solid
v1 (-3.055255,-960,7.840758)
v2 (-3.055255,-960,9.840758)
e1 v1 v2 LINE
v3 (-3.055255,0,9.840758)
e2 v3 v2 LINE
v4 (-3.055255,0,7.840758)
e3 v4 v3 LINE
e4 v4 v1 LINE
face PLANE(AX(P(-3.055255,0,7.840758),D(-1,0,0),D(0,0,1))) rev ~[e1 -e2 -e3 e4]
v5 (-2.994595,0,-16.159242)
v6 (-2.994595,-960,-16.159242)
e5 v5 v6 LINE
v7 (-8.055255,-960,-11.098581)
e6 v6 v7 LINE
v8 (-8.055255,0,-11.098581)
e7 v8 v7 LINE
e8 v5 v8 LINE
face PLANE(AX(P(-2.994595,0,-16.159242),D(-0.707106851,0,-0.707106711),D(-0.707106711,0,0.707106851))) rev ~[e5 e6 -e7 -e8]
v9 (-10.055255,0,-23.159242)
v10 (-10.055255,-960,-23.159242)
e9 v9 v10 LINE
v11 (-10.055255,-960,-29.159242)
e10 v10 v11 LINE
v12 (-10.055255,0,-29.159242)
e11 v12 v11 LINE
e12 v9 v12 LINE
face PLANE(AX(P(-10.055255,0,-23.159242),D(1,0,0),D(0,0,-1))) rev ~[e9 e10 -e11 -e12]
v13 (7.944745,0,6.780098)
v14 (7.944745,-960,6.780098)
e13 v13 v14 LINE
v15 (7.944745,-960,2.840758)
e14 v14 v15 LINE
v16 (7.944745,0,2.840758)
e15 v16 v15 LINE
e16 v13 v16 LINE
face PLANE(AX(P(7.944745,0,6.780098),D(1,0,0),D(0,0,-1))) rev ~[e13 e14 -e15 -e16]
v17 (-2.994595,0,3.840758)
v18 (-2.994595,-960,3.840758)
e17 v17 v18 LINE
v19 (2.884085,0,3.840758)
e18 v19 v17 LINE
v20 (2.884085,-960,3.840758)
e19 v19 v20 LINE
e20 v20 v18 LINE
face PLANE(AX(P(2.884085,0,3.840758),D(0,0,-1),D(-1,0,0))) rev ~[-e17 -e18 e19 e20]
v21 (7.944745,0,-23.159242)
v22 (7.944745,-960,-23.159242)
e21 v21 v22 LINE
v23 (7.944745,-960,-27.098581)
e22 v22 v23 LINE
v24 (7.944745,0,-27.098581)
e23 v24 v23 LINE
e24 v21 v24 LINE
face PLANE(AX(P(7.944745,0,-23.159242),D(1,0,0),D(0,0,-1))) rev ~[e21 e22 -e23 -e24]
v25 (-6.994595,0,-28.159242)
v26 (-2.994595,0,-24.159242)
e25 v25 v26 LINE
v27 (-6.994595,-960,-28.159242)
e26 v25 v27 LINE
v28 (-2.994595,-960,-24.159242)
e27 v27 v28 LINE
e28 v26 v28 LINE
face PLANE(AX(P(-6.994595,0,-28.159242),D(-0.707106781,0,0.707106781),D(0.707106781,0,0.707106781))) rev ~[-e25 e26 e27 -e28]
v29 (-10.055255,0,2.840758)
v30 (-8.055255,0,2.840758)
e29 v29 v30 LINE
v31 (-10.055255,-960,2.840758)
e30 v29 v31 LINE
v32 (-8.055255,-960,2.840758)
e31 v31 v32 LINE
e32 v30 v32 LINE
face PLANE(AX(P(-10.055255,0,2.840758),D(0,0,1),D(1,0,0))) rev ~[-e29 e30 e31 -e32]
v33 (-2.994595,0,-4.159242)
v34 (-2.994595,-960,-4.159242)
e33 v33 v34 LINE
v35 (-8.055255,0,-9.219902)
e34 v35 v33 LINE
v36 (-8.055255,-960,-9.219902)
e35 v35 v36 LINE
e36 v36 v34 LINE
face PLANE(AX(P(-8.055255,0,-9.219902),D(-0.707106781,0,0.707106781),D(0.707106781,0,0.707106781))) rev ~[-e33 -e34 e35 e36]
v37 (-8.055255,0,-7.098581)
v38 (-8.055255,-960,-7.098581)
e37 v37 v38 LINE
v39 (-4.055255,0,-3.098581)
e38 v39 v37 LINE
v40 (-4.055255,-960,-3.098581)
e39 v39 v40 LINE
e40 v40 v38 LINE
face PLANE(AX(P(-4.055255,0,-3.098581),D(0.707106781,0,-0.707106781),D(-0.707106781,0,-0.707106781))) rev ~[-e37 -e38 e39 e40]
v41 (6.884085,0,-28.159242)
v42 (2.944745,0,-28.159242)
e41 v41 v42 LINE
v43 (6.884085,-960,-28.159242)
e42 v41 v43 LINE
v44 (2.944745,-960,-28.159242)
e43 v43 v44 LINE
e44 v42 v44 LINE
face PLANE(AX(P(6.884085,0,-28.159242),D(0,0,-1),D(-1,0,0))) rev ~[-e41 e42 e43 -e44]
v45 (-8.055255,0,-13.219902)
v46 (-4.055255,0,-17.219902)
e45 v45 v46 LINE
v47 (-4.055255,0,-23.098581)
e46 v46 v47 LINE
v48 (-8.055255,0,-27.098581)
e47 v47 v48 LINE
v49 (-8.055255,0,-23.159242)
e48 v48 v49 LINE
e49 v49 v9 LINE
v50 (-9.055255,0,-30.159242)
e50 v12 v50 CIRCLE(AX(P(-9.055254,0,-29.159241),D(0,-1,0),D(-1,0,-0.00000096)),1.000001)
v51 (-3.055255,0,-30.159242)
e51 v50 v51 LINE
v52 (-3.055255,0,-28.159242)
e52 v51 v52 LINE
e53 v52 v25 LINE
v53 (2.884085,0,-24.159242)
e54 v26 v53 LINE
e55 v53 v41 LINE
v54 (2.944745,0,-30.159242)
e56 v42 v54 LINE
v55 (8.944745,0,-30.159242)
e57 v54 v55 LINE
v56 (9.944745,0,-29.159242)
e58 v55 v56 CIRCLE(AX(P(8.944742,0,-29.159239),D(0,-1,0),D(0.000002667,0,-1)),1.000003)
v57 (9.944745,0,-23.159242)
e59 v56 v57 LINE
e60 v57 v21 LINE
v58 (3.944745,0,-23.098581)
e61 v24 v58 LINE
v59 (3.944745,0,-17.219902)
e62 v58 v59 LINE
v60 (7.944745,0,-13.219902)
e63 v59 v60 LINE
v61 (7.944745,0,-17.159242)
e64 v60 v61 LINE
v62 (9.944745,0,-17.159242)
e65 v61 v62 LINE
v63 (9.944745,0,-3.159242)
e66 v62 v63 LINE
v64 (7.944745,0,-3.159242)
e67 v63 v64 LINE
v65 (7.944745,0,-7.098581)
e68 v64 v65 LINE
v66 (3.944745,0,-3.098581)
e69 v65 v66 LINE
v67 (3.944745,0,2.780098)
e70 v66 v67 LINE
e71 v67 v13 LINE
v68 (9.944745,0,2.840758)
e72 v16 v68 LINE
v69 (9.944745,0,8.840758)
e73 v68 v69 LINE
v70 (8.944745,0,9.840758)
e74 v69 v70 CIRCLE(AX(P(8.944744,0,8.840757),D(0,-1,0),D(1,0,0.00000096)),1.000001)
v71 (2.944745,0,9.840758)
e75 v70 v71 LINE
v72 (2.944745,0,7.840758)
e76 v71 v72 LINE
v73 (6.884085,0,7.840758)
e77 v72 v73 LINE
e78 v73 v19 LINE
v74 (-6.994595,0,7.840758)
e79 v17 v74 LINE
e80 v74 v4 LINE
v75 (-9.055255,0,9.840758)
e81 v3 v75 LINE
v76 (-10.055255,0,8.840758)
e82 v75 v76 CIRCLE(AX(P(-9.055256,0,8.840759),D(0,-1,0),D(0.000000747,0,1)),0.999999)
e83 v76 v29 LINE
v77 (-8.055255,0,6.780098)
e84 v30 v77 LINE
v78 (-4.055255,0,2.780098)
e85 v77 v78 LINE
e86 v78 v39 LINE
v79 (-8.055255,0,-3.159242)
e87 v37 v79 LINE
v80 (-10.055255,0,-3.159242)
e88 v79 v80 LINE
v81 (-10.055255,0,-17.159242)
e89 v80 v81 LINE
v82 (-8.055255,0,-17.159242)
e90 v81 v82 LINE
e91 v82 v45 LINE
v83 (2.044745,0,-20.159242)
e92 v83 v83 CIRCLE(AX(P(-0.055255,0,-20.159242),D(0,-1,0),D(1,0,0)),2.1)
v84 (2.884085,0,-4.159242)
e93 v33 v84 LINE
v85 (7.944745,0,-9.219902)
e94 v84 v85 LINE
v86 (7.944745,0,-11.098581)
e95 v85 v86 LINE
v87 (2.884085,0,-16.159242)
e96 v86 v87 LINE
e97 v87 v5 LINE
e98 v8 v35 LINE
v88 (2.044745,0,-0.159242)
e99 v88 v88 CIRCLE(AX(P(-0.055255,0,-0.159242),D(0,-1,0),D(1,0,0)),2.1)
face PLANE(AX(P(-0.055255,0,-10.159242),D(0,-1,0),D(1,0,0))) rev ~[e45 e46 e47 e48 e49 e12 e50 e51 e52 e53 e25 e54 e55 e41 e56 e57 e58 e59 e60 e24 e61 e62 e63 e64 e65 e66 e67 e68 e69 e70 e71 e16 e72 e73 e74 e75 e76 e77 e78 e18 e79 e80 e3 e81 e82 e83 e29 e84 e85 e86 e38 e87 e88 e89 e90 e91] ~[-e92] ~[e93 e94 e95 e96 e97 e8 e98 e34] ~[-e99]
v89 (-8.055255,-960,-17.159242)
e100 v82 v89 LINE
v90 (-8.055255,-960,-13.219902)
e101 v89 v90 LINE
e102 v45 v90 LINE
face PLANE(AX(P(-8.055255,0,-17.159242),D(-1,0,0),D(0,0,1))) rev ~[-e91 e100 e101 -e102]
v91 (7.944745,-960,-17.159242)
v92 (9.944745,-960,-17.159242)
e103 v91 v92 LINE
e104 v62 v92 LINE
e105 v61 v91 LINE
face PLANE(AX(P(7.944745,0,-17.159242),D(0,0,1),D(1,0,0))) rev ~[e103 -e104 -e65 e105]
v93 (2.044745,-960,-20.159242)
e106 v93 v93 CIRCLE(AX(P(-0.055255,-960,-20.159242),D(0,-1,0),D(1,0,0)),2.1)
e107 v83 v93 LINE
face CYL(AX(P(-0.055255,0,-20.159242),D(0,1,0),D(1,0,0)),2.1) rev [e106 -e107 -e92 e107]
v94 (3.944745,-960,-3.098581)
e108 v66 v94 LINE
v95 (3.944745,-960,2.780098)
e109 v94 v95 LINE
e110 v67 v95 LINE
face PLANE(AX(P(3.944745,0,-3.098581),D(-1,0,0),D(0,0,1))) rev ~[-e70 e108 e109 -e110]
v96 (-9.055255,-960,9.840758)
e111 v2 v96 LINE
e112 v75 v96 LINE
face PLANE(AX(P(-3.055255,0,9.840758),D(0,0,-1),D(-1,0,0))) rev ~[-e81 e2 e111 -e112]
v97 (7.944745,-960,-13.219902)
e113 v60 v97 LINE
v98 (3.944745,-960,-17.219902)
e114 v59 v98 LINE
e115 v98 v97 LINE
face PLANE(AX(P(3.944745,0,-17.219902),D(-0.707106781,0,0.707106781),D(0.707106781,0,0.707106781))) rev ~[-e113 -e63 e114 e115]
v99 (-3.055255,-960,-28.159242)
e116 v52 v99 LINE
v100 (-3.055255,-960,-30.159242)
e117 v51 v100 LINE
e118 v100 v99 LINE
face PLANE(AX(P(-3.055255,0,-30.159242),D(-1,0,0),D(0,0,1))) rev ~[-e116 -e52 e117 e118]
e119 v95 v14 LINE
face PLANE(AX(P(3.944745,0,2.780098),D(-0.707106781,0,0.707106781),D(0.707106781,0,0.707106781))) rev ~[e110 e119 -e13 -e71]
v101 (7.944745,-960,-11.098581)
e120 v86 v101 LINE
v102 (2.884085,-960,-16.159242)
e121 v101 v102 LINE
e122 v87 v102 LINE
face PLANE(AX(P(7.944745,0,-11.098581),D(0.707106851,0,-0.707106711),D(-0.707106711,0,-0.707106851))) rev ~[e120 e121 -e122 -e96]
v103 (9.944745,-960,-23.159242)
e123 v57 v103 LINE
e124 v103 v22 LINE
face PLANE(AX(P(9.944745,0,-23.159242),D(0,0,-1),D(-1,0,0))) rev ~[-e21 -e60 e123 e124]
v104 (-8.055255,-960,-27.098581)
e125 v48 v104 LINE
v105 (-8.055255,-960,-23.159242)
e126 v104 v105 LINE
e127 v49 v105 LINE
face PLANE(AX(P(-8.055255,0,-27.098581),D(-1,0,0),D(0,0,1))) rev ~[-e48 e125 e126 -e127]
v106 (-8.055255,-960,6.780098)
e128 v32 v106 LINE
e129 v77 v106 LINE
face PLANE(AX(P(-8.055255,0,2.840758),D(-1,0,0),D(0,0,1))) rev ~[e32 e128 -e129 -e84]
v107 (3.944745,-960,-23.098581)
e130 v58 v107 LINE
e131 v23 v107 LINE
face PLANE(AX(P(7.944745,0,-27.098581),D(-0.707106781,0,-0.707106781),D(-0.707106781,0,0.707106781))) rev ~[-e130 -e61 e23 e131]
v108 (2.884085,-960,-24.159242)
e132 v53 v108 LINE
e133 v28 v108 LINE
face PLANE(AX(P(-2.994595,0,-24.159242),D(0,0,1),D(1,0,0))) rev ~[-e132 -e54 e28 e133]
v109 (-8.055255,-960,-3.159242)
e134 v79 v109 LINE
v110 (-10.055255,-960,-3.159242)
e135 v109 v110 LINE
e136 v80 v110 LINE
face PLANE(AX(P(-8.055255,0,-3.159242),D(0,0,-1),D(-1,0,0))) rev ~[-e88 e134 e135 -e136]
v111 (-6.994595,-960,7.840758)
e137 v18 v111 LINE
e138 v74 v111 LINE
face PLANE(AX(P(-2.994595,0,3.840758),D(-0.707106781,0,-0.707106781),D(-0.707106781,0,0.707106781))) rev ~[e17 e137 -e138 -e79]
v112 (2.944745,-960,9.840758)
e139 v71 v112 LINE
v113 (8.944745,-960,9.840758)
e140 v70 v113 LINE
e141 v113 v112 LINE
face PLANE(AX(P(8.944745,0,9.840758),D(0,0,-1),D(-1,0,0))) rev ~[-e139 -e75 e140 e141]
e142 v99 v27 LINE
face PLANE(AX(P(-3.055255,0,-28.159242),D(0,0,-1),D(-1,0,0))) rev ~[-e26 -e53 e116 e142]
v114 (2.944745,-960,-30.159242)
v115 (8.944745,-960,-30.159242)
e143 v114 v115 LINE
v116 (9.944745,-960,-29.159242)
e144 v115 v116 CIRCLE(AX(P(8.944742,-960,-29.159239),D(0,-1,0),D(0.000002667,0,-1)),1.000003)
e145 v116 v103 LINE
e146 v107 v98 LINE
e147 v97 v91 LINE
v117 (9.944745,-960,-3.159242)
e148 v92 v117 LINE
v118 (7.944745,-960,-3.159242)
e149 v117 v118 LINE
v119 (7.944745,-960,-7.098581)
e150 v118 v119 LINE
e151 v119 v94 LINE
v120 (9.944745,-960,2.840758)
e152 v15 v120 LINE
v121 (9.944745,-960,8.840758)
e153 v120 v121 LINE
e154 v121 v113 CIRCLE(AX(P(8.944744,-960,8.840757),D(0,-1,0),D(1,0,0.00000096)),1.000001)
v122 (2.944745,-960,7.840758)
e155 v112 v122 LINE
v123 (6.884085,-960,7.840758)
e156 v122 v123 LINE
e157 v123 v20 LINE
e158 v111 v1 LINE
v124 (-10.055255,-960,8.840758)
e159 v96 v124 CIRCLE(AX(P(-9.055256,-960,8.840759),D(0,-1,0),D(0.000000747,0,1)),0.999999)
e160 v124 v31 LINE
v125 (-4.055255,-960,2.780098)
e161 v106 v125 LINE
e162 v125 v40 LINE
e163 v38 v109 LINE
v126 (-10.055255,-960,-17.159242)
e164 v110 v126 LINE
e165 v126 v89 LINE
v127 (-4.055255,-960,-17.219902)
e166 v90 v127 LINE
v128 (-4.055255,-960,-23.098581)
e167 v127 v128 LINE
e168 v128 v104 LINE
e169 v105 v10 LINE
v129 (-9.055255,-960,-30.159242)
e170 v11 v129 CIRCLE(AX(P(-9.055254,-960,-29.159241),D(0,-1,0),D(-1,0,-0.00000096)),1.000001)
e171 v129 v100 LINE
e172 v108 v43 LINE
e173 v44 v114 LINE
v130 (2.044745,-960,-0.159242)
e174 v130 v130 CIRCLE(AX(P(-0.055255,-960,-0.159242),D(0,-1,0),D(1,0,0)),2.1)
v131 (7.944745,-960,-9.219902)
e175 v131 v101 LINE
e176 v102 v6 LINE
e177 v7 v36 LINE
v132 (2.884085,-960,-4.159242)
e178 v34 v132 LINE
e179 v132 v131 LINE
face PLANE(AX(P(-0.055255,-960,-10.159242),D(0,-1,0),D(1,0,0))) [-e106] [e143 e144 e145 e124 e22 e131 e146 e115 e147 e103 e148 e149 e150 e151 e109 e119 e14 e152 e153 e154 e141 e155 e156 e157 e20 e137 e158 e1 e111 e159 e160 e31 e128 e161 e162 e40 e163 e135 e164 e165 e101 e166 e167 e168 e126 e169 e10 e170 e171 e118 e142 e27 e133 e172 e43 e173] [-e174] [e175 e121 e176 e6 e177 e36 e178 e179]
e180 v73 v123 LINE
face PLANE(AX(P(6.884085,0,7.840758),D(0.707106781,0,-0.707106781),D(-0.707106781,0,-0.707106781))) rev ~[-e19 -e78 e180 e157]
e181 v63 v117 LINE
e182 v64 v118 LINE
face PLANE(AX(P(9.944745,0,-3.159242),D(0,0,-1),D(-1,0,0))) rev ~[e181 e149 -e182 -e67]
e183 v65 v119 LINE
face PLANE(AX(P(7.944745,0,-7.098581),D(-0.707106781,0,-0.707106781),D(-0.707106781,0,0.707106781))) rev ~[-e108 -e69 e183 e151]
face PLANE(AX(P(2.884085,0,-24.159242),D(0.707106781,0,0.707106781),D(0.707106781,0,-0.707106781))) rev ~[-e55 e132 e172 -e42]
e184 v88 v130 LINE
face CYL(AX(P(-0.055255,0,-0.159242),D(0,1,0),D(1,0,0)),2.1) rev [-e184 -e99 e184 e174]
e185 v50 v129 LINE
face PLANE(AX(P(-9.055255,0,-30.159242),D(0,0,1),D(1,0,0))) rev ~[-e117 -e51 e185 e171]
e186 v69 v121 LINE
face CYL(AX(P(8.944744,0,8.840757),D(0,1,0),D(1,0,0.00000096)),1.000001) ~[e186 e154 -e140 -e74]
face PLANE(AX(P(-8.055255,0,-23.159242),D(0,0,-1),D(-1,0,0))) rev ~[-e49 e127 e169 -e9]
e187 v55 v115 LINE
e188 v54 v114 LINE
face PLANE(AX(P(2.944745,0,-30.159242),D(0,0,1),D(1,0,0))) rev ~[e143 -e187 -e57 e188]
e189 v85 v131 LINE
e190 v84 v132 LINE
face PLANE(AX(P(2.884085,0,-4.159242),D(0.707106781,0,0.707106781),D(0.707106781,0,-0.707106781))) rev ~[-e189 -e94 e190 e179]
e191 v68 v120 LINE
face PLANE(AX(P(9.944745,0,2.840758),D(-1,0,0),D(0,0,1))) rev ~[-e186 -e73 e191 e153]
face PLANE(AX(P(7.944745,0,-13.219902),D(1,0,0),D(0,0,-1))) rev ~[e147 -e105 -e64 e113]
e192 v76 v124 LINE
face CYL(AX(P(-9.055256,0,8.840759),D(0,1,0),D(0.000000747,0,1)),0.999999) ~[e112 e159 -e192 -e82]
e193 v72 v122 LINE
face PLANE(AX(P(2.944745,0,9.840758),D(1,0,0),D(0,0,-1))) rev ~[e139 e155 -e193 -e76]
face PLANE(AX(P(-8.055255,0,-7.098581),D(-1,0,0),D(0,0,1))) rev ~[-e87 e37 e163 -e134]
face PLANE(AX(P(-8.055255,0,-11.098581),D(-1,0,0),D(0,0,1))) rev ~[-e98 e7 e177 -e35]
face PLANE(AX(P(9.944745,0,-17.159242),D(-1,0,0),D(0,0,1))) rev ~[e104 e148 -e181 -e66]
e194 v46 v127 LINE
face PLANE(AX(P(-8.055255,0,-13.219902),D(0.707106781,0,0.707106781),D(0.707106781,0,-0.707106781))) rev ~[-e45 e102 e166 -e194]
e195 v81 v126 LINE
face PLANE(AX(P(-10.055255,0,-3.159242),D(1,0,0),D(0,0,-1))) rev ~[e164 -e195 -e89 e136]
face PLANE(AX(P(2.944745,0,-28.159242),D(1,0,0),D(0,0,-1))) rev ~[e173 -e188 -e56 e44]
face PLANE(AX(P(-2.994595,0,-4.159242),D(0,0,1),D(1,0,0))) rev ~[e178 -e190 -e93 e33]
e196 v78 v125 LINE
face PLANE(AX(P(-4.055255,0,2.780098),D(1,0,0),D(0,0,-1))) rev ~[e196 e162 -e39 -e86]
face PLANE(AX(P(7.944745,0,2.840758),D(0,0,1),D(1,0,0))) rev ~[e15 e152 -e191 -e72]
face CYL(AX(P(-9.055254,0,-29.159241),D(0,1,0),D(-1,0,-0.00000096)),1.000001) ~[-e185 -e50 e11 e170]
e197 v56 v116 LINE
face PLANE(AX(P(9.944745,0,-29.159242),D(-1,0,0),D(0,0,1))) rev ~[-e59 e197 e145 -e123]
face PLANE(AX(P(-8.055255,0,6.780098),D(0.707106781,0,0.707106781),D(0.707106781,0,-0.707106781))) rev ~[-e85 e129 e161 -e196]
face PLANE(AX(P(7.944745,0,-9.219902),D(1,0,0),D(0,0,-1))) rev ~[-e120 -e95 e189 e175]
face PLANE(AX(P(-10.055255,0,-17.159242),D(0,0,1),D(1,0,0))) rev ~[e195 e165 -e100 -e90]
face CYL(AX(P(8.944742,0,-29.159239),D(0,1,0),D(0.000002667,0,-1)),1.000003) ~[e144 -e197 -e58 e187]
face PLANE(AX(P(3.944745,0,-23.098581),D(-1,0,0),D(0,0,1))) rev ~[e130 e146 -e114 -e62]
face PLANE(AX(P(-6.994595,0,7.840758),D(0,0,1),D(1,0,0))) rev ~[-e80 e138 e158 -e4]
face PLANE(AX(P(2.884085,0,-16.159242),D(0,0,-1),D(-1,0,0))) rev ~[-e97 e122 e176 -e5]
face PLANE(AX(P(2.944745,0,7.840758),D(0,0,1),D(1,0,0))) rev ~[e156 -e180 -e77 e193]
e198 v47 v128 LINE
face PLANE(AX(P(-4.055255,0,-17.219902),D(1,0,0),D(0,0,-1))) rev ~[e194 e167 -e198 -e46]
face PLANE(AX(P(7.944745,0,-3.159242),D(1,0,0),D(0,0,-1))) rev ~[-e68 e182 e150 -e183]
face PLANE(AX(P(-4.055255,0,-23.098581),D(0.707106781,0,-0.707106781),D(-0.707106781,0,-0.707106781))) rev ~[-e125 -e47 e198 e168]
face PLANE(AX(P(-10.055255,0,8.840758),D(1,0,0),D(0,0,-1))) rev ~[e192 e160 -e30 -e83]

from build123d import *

# Parameters (mm, degrees)
F0_R     = 2.1
F1_DEPTH = 960


with BuildPart() as f1:
    # F0 (on Front) → F1 (new body)
    with BuildSketch(Plane.XZ):
        with BuildLine():
            ThreePointArc((9.944745, 8.840758), (9.651851, 9.547865), (8.944745, 9.840758))
            Line((8.944745, 9.840758), (2.944745, 9.840758))
            Line((2.944745, 9.840758), (2.944745, 7.840758))
            Line((2.944745, 7.840758), (6.884085, 7.840758))
            Line((6.884085, 7.840758), (2.884085, 3.840758))
            Line((2.884085, 3.840758), (-2.994595, 3.840758))
            Line((-2.994595, 3.840758), (-6.994595, 7.840758))
            Line((-6.994595, 7.840758), (-3.055255, 7.840758))
            Line((-3.055255, 7.840758), (-3.055255, 9.840758))
            Line((-3.055255, 9.840758), (-9.055255, 9.840758))
            ThreePointArc((-9.055255, 9.840758), (-9.762362, 9.547865), (-10.055255, 8.840758))
            Line((-10.055255, 8.840758), (-10.055255, 2.840758))
            Line((-10.055255, 2.840758), (-8.055255, 2.840758))
            Line((-8.055255, 2.840758), (-8.055255, 6.780098))
            Line((-8.055255, 6.780098), (-4.055255, 2.780098))
            Line((-4.055255, 2.780098), (-4.055255, -3.098581))
            Line((-4.055255, -3.098581), (-8.055255, -7.098581))
            Line((-8.055255, -7.098581), (-8.055255, -3.159242))
            Line((-8.055255, -3.159242), (-10.055255, -3.159242))
            Line((-10.055255, -3.159242), (-10.055255, -10.159242))
            Line((-10.055255, -10.159242), (-10.055255, -17.159242))
            Line((-10.055255, -17.159242), (-8.055255, -17.159242))
            Line((-8.055255, -17.159242), (-8.055255, -13.219902))
            Line((-8.055255, -13.219902), (-4.055255, -17.219902))
            Line((-4.055255, -17.219902), (-4.055255, -23.098581))
            Line((-4.055255, -23.098581), (-8.055255, -27.098581))
            Line((-8.055255, -27.098581), (-8.055255, -23.159242))
            Line((-8.055255, -23.159242), (-10.055255, -23.159242))
            Line((-10.055255, -23.159242), (-10.055255, -29.159242))
            ThreePointArc((-10.055255, -29.159242), (-9.762362, -29.866348), (-9.055255, -30.159242))
            Line((-9.055255, -30.159242), (-3.055255, -30.159242))
            Line((-3.055255, -30.159242), (-3.055255, -28.159242))
            Line((-3.055255, -28.159242), (-6.994595, -28.159242))
            Line((-6.994595, -28.159242), (-2.994595, -24.159242))
            Line((-2.994595, -24.159242), (2.884085, -24.159242))
            Line((2.884085, -24.159242), (6.884085, -28.159242))
            Line((6.884085, -28.159242), (2.944745, -28.159242))
            Line((2.944745, -28.159242), (2.944745, -30.159242))
            Line((2.944745, -30.159242), (8.944745, -30.159242))
            ThreePointArc((8.944745, -30.159242), (9.651851, -29.866348), (9.944745, -29.159242))
            Line((9.944745, -29.159242), (9.944745, -23.159242))
            Line((9.944745, -23.159242), (7.944745, -23.159242))
            Line((7.944745, -23.159242), (7.944745, -27.098581))
            Line((7.944745, -27.098581), (3.944745, -23.098581))
            Line((3.944745, -23.098581), (3.944745, -17.219902))
            Line((3.944745, -17.219902), (7.944745, -13.219902))
            Line((7.944745, -13.219902), (7.944745, -17.159242))
            Line((7.944745, -17.159242), (9.944745, -17.159242))
            Line((9.944745, -17.159242), (9.944745, -10.159242))
            Line((9.944745, -10.159242), (9.944745, -3.159242))
            Line((9.944745, -3.159242), (7.944745, -3.159242))
            Line((7.944745, -3.159242), (7.944745, -7.098581))
            Line((7.944745, -7.098581), (3.944745, -3.098581))
            Line((3.944745, -3.098581), (3.944745, 2.780098))
            Line((3.944745, 2.780098), (7.944745, 6.780098))
            Line((7.944745, 6.780098), (7.944745, 2.840758))
            Line((7.944745, 2.840758), (9.944745, 2.840758))
            Line((9.944745, 2.840758), (9.944745, 8.840758))
        make_face()
        with Locations((-0.055255, -20.159242)):
            Circle(F0_R, mode=Mode.SUBTRACT)
        Polygon((-2.994595, -4.159242), (2.884085, -4.159242), (7.944745, -9.219902), (7.944745, -10.159242), (7.944745, -11.098581), (2.884085, -16.159242), (-2.994595, -16.159242), (-8.055255, -11.098581), (-8.055255, -10.159242), (-8.055255, -9.219902), align=None, mode=Mode.SUBTRACT)
        with Locations((-0.055255, -0.159242)):
            Circle(F0_R, mode=Mode.SUBTRACT)
    extrude(amount=F1_DEPTH)


solid = f1.part
